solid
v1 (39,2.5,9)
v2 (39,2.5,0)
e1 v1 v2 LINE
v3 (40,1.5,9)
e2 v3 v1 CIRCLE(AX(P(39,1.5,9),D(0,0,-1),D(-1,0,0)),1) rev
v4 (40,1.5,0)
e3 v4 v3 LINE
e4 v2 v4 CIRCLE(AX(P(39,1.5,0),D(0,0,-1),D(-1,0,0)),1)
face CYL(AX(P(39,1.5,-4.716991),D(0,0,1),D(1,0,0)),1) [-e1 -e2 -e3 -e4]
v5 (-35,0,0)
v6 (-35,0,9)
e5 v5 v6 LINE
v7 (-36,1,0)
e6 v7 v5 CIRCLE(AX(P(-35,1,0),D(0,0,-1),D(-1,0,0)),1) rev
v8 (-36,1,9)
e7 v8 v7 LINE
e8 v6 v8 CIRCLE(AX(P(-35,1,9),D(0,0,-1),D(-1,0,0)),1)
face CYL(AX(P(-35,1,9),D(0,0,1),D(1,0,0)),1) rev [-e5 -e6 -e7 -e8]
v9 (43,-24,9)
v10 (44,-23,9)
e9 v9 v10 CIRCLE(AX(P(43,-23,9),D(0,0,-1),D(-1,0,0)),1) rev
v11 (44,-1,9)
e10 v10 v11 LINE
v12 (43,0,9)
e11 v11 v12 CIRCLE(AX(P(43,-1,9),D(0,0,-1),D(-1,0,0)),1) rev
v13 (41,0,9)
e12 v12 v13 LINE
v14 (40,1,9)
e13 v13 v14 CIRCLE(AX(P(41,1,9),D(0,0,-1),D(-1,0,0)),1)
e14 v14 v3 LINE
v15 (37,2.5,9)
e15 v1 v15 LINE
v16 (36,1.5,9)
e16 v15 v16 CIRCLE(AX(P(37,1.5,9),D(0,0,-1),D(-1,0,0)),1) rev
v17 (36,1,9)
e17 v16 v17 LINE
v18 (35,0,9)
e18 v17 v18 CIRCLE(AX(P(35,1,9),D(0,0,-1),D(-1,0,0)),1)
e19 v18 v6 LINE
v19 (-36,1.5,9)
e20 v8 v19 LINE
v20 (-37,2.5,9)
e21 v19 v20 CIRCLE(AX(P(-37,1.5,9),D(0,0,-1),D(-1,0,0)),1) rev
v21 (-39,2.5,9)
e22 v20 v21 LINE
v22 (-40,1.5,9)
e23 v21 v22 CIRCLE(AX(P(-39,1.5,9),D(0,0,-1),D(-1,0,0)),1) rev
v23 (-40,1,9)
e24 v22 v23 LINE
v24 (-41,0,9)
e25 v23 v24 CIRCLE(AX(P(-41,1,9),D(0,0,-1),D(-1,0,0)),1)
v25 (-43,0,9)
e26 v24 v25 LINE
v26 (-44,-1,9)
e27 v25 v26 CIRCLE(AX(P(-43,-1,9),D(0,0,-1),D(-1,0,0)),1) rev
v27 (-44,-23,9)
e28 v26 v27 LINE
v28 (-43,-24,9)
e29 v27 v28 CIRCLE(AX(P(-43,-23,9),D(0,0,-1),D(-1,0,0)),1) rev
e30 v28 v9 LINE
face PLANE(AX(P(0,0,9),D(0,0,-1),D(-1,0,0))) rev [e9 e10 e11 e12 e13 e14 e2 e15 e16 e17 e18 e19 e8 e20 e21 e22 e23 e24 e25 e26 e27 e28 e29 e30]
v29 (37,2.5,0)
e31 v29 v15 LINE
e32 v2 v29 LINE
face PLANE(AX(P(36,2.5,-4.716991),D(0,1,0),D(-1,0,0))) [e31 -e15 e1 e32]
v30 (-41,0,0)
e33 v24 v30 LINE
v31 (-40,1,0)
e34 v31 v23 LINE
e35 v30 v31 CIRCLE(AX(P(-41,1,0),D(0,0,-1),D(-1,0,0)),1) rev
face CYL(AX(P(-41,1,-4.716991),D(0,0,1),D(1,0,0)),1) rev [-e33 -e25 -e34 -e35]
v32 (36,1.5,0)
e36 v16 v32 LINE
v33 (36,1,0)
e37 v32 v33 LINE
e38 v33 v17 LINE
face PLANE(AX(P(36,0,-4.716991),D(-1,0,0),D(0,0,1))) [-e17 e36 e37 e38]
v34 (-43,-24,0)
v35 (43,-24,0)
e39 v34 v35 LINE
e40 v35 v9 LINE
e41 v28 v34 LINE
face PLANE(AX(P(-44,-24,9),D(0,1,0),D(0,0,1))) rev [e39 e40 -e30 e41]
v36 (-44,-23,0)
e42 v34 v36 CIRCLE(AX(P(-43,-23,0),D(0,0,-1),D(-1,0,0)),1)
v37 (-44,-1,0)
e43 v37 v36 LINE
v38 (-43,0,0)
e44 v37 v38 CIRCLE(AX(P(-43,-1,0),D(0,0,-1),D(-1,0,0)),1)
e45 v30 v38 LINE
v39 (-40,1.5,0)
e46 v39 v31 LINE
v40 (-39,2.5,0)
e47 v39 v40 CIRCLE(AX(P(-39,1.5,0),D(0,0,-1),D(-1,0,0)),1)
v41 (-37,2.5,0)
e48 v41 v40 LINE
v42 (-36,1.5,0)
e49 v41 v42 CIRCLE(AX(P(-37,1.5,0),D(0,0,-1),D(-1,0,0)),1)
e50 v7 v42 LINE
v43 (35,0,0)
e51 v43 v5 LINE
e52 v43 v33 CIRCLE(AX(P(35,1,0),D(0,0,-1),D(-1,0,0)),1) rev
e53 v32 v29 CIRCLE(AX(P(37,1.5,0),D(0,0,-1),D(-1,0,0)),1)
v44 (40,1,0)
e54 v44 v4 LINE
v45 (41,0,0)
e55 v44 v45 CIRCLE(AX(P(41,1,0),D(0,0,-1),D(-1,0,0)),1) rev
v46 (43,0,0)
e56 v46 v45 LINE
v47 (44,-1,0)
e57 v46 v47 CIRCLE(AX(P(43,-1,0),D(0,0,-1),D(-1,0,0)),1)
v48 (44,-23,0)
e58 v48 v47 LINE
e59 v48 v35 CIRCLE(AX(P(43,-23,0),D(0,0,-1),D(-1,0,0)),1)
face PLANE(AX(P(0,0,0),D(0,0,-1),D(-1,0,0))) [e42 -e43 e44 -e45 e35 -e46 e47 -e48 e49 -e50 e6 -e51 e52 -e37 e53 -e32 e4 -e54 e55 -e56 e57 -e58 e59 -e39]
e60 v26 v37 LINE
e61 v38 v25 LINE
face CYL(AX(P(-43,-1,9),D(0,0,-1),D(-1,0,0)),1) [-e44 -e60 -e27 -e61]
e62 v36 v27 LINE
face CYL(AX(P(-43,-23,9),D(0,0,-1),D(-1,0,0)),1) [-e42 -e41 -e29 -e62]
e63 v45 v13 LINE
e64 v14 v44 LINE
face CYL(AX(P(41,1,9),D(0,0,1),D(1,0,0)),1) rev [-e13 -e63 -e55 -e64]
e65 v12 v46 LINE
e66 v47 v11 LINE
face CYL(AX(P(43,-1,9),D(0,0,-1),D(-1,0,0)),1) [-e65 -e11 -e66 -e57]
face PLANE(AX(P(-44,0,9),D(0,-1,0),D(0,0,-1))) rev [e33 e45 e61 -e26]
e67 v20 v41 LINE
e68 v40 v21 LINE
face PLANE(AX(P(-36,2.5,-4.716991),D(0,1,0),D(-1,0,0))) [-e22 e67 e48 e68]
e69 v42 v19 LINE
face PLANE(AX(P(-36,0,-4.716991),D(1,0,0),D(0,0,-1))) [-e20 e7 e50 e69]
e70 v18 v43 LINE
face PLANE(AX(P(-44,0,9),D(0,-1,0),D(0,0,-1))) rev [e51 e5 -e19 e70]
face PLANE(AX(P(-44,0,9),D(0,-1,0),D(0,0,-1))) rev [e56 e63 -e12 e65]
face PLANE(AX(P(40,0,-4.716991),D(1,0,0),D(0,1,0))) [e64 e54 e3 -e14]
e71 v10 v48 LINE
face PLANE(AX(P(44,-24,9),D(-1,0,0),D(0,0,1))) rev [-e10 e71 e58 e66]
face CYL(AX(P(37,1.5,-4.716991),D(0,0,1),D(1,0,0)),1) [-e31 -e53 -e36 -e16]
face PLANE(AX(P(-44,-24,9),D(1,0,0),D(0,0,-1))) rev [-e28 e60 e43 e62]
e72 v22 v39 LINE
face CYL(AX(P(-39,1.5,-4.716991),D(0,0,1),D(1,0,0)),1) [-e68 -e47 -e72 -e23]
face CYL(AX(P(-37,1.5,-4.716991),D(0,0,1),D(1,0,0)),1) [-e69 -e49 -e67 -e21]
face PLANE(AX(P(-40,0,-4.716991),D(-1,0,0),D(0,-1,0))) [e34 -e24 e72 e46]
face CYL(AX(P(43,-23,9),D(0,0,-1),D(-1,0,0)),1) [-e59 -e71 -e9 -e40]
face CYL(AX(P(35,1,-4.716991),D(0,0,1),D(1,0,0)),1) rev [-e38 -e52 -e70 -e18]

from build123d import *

# Parameters (mm, degrees)
ESQUISSE1_W        = 88
ESQUISSE1_H        = 24
BOSS_EXTRU_1_DEPTH = 9
ESQUISSE2_W        = 4
ESQUISSE2_H        = 2.5
BOSS_EXTRU_2_DEPTH = 9
CONG_1_R           = 1


with BuildPart() as part:
    # Esquisse1 → Boss.-Extru.1 (new body)
    with BuildSketch(Plane.XY):
        with Locations((0, -12)):
            Rectangle(ESQUISSE1_W, ESQUISSE1_H)
    extrude(amount=BOSS_EXTRU_1_DEPTH)

    # Esquisse2 → Boss.-Extru.2 (add)
    with BuildSketch(Plane.XY.offset(9)):
        with Locations((-38, 1.25)):
            Rectangle(ESQUISSE2_W, ESQUISSE2_H)
        with Locations((38, 1.25)):
            Rectangle(ESQUISSE2_W, ESQUISSE2_H)
    extrude(amount=-BOSS_EXTRU_2_DEPTH)

    # Congé1
    cong_1_edges = [part.edges().sort_by_distance(p)[0] for p in [
        (-40, 2.5, 4.5),
        (-40, 0, 4.5),
        (-36, 0, 4.5),
        (-36, 2.5, 4.5),
        (40, 2.5, 4.5),
        (36, 2.5, 4.5),
        (36, 0, 4.5),
        (40, 0, 4.5),
        (-44, 0, 4.5),
        (44, 0, 4.5),
        (44, -24, 4.5),
        (-44, -24, 4.5),
    ]]
    fillet(cong_1_edges, radius=CONG_1_R)


solid = part.part
